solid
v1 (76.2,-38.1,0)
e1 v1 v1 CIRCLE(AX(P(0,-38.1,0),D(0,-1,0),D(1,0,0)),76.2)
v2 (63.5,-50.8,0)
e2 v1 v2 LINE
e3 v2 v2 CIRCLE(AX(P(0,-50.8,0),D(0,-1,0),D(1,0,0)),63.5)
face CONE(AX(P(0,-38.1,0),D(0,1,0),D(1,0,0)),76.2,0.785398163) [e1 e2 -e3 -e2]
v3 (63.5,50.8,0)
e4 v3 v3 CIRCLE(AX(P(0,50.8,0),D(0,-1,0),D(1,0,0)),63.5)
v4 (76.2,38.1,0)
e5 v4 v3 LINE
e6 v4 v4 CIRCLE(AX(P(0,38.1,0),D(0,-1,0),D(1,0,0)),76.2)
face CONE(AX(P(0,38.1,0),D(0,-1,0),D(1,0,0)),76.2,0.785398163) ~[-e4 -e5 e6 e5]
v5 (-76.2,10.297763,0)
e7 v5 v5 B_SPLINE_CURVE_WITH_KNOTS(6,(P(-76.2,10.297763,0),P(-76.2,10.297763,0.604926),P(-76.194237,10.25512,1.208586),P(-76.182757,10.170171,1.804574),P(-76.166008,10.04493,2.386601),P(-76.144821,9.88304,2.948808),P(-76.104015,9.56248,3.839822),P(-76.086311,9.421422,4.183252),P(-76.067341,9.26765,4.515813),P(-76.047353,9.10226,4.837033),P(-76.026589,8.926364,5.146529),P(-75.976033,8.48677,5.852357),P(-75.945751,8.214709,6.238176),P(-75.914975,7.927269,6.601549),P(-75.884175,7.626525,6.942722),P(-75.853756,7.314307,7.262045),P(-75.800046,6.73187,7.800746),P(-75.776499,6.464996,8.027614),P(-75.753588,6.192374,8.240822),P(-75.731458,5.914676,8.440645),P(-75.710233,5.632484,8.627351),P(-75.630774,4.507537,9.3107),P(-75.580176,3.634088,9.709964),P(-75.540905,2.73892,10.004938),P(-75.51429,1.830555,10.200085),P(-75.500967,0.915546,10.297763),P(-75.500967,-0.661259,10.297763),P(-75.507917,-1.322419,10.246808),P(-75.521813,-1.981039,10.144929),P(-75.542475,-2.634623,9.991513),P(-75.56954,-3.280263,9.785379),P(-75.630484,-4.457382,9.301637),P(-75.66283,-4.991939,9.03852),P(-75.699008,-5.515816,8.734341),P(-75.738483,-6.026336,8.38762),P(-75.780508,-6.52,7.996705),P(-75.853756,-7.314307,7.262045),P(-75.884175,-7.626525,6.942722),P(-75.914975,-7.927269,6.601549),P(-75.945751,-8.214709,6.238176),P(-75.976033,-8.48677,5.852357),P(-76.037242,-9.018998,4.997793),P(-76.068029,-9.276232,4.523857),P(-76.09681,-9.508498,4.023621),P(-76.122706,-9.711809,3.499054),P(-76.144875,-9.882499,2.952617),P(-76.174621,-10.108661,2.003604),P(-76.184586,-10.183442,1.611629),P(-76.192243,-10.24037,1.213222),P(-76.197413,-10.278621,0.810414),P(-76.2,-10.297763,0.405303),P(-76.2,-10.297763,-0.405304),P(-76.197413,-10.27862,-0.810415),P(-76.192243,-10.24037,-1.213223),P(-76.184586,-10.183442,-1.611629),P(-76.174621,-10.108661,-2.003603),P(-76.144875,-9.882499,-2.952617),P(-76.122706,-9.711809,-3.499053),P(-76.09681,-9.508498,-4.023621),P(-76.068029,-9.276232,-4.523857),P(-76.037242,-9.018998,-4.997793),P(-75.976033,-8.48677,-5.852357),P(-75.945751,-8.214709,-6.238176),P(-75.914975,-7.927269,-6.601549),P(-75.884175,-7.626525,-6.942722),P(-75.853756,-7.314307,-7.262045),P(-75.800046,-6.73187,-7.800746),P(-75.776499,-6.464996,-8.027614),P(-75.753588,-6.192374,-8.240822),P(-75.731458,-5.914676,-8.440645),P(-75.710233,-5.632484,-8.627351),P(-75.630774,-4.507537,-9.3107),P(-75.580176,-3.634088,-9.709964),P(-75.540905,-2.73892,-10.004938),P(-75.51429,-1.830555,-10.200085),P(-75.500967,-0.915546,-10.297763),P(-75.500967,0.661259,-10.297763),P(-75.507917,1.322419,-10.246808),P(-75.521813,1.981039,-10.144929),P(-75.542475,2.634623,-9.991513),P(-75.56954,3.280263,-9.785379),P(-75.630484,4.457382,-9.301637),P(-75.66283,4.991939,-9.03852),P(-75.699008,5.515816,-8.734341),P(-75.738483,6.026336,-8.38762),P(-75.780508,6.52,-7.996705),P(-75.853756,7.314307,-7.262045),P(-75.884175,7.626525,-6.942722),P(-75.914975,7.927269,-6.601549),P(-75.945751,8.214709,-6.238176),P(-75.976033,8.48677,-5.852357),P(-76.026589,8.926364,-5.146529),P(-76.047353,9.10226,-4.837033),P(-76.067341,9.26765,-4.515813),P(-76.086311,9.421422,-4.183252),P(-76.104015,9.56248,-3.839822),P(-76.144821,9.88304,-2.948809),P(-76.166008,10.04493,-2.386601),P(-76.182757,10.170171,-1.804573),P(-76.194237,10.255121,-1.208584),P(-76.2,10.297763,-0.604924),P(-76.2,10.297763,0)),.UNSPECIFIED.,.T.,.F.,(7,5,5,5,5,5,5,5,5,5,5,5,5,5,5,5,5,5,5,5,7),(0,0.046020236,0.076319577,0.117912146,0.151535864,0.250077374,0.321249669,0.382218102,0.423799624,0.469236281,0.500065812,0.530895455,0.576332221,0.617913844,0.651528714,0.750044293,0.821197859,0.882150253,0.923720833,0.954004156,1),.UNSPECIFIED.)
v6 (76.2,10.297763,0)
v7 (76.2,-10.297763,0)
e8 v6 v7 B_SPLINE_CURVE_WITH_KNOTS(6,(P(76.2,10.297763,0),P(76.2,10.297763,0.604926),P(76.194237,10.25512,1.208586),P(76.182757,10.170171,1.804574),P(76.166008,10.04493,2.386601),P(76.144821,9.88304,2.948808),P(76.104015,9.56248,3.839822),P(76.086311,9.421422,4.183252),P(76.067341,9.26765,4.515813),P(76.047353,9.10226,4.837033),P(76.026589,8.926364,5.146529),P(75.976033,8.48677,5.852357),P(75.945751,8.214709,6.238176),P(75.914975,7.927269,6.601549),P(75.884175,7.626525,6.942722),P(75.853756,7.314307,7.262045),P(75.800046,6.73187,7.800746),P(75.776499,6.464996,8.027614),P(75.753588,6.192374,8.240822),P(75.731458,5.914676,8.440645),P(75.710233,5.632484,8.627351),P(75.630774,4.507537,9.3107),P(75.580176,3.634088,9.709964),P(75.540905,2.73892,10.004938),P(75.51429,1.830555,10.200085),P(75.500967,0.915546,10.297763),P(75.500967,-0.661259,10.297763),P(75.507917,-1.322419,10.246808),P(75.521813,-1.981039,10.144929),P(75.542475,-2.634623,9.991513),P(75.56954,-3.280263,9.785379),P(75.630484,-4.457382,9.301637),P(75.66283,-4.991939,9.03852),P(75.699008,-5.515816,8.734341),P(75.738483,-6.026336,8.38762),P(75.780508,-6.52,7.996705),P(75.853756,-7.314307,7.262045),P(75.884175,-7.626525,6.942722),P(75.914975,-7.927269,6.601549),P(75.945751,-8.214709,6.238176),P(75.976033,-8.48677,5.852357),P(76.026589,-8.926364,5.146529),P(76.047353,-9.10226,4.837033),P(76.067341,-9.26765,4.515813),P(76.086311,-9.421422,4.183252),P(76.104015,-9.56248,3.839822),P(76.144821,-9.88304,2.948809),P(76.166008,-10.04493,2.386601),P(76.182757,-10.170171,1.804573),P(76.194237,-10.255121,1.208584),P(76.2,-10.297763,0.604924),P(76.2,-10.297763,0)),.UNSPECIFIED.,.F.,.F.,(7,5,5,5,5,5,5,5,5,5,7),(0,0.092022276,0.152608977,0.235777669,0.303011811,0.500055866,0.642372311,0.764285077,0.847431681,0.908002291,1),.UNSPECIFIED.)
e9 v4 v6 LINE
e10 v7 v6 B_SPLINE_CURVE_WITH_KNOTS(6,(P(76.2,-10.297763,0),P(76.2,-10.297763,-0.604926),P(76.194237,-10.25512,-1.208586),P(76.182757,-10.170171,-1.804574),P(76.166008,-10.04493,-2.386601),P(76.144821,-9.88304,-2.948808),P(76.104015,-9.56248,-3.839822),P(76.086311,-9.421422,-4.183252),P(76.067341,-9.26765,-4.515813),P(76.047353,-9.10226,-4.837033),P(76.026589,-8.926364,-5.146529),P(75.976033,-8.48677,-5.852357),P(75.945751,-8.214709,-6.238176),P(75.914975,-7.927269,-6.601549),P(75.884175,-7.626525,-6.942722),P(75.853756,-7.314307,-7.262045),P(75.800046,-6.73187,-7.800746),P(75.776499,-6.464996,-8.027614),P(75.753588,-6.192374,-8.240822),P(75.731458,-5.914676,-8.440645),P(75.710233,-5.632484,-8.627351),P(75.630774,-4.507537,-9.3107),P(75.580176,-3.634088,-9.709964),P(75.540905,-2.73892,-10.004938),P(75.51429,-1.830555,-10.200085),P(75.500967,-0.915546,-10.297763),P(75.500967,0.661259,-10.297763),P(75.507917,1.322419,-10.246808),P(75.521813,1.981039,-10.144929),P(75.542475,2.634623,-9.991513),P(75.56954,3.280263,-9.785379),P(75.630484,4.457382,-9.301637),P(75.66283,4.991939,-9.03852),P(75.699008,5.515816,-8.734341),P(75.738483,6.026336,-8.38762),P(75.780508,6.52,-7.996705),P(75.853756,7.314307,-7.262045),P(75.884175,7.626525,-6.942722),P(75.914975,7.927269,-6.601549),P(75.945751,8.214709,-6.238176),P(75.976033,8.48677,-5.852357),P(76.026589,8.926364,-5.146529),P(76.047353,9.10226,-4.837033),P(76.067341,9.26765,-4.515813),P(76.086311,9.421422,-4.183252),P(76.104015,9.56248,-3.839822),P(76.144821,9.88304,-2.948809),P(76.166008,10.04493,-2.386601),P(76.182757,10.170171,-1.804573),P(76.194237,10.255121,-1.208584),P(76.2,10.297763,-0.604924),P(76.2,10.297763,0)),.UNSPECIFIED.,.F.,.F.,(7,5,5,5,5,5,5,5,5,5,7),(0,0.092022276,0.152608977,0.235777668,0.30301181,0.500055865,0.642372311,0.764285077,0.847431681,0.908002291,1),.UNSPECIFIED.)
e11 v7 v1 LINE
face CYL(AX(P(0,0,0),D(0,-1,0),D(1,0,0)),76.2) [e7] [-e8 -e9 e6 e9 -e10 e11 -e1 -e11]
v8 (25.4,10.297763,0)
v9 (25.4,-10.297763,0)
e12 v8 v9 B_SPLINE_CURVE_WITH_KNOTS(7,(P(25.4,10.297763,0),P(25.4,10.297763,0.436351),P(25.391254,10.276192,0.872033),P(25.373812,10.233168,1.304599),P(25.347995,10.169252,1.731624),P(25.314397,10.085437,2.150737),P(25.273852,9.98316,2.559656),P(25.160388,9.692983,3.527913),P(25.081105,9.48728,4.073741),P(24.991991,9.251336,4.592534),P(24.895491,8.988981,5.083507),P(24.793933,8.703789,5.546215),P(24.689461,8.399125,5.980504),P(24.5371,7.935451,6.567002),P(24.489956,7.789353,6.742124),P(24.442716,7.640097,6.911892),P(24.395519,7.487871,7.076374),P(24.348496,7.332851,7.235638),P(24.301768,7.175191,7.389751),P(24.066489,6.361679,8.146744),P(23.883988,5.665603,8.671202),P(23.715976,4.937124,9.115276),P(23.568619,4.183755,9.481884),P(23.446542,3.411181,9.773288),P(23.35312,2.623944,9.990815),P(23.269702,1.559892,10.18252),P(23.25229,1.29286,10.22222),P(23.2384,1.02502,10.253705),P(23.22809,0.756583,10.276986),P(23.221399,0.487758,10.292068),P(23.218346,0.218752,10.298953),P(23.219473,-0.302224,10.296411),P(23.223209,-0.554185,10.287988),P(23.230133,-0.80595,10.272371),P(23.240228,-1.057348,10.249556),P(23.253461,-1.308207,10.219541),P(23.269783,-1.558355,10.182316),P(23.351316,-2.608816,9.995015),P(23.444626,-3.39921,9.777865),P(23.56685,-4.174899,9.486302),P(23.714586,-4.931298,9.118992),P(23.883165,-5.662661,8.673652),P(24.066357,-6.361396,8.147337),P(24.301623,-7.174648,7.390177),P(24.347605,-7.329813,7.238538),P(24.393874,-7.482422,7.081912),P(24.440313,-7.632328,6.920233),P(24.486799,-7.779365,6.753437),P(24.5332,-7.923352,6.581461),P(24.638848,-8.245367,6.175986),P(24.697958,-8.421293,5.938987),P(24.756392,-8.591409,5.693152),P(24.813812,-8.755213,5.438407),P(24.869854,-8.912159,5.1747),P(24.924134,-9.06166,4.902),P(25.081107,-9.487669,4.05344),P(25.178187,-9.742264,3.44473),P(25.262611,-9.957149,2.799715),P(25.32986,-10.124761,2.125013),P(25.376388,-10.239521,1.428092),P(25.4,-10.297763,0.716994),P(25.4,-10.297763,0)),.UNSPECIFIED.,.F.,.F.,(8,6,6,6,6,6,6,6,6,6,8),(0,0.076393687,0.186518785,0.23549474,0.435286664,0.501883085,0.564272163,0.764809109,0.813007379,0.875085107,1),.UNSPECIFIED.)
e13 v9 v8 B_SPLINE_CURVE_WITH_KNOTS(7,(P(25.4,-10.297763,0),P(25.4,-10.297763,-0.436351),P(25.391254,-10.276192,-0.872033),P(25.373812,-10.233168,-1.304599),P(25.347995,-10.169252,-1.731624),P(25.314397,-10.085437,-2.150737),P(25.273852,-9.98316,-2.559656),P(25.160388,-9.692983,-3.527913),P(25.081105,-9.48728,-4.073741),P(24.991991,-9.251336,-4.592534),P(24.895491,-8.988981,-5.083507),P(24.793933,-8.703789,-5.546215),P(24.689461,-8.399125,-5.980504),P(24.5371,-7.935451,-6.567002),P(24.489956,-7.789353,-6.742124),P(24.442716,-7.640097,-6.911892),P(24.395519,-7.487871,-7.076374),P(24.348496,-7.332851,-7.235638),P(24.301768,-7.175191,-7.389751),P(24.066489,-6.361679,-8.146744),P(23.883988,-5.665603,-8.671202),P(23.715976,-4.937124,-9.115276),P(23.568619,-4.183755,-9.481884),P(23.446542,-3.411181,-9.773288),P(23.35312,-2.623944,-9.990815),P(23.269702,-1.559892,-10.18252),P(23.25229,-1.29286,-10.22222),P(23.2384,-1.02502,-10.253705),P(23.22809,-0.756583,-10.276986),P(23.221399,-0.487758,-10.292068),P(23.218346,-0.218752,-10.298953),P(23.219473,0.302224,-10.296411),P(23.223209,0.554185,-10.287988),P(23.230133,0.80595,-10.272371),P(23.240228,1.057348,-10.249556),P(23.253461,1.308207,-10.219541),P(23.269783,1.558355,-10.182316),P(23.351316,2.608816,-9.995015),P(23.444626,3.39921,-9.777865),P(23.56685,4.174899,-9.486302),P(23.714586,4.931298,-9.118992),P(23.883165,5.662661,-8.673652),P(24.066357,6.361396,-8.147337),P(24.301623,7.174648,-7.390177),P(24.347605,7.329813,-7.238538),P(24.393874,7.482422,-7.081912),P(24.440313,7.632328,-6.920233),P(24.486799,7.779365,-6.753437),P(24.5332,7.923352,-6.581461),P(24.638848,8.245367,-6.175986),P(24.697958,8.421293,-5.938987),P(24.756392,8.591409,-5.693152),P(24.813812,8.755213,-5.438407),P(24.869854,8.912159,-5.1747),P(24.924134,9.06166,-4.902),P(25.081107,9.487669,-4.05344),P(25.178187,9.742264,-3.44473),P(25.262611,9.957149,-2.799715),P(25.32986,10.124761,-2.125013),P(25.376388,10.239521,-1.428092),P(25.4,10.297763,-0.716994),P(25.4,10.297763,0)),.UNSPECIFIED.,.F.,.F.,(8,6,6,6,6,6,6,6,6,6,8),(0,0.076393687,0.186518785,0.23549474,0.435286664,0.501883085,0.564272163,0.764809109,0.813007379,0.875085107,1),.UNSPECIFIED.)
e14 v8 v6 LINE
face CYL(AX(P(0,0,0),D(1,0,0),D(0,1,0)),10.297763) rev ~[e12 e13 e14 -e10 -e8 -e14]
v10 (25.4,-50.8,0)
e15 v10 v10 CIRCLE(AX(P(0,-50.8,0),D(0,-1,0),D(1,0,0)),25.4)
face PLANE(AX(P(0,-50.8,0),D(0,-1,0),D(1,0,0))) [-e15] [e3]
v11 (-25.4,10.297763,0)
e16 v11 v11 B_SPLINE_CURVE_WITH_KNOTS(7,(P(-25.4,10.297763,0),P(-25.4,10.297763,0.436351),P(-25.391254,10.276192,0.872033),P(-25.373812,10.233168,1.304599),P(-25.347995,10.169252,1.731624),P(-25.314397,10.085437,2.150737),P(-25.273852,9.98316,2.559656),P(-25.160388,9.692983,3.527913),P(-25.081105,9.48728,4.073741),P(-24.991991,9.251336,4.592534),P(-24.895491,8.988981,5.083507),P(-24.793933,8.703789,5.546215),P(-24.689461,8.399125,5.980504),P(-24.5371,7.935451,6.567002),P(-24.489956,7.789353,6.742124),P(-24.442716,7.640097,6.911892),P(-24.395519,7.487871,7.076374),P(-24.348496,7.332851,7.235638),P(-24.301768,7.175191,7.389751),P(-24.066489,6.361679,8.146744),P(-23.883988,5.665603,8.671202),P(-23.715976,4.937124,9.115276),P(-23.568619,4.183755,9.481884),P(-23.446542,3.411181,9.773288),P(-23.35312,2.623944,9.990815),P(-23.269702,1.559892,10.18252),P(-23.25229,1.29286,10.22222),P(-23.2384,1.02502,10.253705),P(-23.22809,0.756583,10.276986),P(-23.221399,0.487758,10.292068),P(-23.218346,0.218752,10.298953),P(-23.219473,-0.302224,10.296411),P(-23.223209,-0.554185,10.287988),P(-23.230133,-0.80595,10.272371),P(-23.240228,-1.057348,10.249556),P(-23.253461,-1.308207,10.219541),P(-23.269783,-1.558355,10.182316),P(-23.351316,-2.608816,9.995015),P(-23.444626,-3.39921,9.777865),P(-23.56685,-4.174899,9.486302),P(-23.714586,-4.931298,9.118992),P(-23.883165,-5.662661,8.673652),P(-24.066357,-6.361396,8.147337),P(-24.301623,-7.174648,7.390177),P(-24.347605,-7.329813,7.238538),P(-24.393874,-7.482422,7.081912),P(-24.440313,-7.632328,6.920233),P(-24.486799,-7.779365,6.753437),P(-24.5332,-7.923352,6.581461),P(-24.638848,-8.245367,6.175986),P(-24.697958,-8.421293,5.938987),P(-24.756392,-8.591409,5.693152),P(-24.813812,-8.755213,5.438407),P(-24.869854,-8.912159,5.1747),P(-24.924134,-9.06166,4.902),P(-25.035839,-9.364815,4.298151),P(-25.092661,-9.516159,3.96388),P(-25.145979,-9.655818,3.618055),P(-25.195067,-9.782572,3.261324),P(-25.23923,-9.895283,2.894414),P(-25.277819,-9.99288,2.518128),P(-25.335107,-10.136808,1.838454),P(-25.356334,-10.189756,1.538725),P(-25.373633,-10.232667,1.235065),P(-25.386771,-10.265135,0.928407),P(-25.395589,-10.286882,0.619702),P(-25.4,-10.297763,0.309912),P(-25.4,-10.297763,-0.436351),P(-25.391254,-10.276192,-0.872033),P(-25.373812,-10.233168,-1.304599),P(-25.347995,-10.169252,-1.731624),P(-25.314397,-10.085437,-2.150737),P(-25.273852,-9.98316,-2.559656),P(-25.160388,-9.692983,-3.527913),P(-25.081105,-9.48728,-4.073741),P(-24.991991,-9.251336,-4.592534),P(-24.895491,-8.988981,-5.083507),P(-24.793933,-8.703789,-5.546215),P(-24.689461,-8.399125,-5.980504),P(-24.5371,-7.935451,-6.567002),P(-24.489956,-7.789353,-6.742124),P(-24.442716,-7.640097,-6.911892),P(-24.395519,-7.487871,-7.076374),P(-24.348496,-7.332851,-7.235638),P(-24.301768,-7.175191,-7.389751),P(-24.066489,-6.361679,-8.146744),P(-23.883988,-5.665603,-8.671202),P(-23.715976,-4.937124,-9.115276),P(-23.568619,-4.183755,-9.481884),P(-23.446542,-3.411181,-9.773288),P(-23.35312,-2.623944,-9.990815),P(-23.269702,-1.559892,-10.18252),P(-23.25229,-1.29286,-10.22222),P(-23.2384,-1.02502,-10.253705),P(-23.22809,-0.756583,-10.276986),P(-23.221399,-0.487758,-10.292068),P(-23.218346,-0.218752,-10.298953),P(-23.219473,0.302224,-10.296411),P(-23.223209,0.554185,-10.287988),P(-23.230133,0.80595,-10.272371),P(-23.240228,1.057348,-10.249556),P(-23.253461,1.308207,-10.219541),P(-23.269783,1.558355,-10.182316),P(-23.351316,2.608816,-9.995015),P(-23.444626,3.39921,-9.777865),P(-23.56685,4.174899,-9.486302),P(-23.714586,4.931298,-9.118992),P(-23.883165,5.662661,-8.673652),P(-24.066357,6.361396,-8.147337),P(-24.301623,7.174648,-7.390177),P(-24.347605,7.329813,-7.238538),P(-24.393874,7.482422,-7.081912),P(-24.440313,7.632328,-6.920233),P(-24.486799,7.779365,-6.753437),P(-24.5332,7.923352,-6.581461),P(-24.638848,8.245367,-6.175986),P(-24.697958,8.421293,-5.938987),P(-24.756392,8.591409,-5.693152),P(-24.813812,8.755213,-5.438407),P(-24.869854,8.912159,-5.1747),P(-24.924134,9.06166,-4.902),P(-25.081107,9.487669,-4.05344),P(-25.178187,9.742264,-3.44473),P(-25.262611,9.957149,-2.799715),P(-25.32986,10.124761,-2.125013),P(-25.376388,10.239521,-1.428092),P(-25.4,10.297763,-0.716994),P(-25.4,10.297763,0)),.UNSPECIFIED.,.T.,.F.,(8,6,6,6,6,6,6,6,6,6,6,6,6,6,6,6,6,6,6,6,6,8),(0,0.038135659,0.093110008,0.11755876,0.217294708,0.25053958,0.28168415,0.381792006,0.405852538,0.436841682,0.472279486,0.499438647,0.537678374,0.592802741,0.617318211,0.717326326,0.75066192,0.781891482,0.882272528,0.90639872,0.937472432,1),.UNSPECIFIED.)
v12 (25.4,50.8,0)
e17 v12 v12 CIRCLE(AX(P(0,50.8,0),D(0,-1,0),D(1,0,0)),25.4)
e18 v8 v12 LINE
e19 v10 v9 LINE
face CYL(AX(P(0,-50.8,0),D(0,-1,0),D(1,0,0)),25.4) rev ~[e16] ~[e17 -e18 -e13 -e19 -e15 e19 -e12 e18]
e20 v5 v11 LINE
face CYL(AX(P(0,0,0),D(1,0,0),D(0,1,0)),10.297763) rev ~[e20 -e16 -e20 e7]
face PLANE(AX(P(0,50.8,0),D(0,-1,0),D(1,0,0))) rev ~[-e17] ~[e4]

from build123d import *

# Parameters (mm, degrees)
F0_R          = 76.2
F1_DEPTH      = 50.8
F1_DEPTH_BACK = 50.8
F2_R          = 25.4
F3_DEPTH      = 101.601
F4_SIZE       = 12.7
F5_R          = 10.297763
F6_DEPTH      = 152.4


with BuildPart() as f1:
    # F0 (on Front) → F1 (new body, two sides)
    with BuildSketch(Plane.XZ) as f1_sk:
        Circle(F0_R)
    extrude(amount=F1_DEPTH)
    extrude(f1_sk.sketch, amount=-F1_DEPTH_BACK)

    # F2 (on face) → F3 (cut, through all)
    with BuildSketch(Plane.XZ.offset(50.8)):
        Circle(F2_R)
    extrude(amount=-F3_DEPTH, mode=Mode.SUBTRACT)

    # F4
    f4_edges = [f1.edges().sort_by_distance(p)[0] for p in [
        (-76.2, -50.8, 0),
        (-76.2, 50.8, 0),
    ]]
    chamfer(f4_edges, length=F4_SIZE)

    # F5 (on Right) → F6 (cut, symmetric)
    with BuildSketch(Plane.YZ):
        Circle(F5_R)
    extrude(amount=F6_DEPTH, both=True, mode=Mode.SUBTRACT)


solid = f1.part
